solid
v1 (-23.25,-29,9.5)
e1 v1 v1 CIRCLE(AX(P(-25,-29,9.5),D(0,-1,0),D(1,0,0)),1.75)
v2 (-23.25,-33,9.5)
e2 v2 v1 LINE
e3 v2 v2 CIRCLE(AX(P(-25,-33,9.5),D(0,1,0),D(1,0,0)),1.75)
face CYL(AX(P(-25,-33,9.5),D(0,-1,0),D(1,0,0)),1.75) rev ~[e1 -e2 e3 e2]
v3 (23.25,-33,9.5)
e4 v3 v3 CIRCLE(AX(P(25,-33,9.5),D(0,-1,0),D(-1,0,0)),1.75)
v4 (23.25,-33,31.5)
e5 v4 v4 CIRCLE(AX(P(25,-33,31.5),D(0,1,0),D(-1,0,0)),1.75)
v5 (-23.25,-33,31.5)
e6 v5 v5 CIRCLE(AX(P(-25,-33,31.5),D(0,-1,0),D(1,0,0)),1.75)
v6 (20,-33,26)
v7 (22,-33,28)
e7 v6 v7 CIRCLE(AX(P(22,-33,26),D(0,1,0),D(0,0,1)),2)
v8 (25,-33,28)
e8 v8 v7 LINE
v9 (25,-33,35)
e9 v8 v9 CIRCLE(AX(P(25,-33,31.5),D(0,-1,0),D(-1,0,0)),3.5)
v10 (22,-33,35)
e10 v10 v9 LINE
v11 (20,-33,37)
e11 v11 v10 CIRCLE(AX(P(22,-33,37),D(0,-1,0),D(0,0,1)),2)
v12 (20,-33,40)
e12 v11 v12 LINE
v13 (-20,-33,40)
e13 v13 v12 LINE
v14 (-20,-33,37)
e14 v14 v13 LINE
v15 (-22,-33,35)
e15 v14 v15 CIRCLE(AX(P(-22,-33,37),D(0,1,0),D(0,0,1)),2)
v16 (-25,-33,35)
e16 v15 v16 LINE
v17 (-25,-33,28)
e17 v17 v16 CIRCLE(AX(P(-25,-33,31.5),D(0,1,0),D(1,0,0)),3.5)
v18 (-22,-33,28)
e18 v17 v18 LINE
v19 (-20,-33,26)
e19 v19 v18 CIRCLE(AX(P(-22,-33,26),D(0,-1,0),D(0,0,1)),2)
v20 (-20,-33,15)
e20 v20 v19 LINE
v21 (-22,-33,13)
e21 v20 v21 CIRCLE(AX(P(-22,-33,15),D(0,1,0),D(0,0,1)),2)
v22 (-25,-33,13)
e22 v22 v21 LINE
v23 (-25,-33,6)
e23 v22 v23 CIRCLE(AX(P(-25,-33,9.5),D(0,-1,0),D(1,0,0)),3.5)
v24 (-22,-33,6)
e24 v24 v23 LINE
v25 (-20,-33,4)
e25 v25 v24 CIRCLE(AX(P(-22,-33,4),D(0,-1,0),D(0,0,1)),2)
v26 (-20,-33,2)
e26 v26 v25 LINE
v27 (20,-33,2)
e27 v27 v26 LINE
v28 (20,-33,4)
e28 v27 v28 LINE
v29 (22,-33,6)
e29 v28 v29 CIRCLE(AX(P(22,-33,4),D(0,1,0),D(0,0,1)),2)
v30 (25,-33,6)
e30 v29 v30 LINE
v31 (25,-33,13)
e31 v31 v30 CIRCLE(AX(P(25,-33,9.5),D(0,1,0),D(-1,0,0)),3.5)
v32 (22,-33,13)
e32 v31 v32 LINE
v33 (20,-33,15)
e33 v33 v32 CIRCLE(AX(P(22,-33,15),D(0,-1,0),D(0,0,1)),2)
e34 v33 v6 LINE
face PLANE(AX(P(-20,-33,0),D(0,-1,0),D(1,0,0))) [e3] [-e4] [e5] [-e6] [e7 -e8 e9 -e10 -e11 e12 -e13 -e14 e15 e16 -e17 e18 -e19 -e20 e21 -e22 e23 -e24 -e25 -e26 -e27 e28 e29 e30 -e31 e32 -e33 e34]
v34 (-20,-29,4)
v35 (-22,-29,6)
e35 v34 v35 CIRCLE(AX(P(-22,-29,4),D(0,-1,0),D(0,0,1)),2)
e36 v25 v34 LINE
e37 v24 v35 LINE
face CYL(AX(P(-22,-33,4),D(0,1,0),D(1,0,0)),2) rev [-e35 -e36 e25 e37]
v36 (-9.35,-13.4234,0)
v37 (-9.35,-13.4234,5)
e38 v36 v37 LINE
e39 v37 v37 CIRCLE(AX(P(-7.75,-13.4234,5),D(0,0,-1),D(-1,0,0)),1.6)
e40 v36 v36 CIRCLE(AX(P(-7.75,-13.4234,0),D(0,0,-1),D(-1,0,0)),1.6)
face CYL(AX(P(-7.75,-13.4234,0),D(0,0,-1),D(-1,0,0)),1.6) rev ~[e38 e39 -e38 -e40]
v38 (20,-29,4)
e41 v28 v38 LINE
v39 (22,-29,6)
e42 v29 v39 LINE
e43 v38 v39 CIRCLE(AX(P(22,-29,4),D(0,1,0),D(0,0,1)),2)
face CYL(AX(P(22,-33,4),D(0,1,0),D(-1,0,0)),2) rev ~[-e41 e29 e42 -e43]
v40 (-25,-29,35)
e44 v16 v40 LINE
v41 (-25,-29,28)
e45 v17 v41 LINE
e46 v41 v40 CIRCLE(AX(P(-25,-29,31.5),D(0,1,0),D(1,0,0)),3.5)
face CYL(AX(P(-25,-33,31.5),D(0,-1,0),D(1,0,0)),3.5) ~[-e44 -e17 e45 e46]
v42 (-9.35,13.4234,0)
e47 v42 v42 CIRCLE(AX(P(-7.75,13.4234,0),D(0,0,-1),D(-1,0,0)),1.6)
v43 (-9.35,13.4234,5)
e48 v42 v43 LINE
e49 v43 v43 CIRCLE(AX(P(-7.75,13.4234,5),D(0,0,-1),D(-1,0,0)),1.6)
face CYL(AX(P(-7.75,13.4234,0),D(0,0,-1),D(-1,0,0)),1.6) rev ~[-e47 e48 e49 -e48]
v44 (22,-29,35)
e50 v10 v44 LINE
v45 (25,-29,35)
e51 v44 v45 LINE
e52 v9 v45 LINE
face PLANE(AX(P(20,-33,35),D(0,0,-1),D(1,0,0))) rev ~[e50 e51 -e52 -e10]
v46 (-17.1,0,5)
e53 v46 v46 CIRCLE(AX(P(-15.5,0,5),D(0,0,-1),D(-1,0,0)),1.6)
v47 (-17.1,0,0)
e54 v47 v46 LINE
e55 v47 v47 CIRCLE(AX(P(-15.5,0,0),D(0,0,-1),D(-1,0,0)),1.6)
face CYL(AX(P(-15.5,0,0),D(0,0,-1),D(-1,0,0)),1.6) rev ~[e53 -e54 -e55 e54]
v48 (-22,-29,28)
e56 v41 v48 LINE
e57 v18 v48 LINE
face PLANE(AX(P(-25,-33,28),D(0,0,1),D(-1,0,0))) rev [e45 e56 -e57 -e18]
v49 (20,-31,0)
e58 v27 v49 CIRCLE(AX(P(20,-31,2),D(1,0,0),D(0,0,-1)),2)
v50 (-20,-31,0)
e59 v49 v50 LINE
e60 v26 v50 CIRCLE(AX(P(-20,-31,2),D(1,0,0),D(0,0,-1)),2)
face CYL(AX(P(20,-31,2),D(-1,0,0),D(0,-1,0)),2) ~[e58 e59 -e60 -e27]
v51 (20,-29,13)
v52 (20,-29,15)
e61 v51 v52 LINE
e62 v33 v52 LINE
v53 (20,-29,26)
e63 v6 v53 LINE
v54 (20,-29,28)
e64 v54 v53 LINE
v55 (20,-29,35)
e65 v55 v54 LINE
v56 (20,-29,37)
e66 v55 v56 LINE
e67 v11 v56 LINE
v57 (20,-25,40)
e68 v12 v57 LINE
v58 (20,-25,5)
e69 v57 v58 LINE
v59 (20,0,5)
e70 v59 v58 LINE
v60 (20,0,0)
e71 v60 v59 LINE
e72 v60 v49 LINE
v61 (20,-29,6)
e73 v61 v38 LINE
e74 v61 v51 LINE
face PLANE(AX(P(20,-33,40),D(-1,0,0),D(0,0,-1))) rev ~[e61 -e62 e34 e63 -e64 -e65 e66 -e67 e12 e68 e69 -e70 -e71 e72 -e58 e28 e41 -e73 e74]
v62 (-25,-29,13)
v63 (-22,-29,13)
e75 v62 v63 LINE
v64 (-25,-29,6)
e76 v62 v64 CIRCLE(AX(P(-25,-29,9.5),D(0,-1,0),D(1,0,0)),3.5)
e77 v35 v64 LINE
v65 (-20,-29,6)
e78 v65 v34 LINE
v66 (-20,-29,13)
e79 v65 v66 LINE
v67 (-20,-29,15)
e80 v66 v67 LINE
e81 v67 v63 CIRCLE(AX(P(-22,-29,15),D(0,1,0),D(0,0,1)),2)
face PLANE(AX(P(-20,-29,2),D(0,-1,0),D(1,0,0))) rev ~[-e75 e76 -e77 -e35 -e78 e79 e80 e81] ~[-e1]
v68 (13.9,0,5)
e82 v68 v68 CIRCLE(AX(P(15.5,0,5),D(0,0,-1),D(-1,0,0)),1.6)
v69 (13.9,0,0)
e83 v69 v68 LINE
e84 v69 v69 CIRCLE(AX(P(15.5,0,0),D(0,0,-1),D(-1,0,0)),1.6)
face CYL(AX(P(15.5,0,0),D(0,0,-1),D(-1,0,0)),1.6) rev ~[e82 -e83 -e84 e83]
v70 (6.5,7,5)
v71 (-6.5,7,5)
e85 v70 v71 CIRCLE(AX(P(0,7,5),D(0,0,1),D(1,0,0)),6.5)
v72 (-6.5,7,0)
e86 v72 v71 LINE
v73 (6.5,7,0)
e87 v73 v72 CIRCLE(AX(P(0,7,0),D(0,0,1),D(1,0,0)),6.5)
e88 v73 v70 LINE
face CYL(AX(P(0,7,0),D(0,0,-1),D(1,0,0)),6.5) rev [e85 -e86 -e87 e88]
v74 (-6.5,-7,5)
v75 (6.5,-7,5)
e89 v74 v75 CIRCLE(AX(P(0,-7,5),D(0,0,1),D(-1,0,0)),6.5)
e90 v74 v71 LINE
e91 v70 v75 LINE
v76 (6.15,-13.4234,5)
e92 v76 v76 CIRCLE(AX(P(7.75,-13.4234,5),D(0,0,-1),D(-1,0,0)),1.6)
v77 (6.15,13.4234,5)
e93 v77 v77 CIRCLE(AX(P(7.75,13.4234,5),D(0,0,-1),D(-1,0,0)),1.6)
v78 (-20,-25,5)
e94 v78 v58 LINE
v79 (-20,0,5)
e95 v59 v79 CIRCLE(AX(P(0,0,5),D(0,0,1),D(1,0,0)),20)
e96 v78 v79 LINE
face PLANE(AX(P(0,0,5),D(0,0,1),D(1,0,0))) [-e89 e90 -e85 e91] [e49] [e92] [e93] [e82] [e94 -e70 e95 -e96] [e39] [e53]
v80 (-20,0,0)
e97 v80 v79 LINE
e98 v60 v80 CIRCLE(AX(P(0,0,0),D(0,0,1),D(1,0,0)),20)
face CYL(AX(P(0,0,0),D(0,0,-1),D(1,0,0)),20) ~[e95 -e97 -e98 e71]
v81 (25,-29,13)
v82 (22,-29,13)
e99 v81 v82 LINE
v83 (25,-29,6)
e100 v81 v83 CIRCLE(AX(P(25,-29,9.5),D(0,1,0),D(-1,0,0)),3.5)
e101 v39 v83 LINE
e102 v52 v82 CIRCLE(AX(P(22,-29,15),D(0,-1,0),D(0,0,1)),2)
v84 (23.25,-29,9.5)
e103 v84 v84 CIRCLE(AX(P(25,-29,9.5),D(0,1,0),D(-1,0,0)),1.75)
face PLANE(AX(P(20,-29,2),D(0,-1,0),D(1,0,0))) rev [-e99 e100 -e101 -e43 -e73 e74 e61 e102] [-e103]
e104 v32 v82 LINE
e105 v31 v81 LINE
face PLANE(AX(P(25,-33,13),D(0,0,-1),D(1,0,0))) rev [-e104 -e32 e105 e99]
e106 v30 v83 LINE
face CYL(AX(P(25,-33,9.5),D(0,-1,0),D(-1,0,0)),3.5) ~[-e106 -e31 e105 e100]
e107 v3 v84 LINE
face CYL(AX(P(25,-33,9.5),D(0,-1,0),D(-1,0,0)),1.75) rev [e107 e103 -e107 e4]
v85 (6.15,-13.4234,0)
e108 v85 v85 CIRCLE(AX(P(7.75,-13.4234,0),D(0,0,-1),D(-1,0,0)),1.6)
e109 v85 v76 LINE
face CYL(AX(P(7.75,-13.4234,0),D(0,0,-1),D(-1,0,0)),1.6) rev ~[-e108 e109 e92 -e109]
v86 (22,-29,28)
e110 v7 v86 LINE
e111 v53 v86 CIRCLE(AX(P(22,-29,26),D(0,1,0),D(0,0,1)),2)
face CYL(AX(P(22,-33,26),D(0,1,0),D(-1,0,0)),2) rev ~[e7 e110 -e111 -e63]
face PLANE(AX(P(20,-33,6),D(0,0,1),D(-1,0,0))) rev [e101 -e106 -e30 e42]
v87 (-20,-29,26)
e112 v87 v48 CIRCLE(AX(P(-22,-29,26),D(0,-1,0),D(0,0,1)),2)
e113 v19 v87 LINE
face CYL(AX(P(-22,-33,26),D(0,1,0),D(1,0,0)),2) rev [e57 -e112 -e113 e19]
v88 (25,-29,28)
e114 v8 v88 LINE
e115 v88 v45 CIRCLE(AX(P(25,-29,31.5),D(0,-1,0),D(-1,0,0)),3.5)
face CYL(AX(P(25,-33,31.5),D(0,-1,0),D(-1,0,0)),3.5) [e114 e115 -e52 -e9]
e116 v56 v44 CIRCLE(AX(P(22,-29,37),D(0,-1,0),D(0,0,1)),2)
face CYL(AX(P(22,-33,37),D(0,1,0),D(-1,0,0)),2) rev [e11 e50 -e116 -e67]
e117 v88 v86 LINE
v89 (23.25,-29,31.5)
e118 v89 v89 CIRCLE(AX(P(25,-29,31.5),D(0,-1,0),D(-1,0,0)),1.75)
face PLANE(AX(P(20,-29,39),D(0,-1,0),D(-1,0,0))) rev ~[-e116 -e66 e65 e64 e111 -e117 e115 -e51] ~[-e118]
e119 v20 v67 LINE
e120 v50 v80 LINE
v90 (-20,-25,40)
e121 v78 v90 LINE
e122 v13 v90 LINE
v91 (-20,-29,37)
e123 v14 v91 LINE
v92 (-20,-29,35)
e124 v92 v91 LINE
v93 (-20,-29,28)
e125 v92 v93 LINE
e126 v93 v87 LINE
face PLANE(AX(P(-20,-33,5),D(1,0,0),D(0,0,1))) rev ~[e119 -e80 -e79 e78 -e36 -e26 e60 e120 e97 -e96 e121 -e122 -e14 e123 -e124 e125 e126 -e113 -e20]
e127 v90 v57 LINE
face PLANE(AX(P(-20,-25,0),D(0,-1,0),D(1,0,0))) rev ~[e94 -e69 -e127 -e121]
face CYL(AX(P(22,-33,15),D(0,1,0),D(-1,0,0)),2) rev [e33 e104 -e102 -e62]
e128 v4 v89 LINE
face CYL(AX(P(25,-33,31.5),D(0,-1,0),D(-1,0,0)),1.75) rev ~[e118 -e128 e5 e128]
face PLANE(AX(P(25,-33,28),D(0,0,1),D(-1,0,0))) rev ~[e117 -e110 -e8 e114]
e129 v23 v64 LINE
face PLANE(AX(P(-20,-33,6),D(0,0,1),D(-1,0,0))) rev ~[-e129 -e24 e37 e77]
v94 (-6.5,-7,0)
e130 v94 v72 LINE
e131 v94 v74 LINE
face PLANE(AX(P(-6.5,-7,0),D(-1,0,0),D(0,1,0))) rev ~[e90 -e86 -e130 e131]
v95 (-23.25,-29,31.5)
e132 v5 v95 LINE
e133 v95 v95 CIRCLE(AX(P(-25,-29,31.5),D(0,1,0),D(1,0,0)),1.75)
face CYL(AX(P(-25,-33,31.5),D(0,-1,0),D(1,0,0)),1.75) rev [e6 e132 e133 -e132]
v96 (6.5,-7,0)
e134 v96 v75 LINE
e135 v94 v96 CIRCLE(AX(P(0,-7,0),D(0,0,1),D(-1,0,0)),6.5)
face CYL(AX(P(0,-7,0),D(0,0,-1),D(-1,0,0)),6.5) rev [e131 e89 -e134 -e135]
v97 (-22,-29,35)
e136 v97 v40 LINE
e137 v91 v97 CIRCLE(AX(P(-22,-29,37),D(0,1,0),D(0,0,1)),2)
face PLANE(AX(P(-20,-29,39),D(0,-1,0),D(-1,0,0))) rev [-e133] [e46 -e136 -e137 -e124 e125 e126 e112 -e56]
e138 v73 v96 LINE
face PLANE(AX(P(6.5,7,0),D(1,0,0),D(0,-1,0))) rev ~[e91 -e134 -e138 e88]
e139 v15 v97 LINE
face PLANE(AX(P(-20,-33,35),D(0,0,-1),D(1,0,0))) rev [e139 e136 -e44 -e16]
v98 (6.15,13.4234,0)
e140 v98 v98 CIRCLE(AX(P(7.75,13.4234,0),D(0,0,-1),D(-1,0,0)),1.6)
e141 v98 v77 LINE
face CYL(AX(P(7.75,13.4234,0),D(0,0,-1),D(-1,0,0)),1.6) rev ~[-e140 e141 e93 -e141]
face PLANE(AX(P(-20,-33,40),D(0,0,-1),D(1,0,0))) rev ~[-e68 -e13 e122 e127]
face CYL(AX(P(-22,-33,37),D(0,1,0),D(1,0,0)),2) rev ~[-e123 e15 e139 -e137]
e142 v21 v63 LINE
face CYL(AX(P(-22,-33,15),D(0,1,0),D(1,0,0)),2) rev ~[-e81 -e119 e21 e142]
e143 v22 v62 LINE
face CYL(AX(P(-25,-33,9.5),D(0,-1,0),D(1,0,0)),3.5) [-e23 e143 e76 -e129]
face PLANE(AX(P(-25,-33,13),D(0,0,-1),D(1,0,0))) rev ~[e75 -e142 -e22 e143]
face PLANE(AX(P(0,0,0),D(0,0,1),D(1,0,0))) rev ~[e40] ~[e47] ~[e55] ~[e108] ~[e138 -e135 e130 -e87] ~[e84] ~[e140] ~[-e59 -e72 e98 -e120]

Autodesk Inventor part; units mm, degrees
ref_plane "YZ Plane" through (0, 0, 0) normal (1, 0, 0) x (0, 1, 0)
ref_plane "XZ Plane" through (0, 0, 0) normal (0, 1, 0) x (-1, 0, 0)
sketch "Sketch1" plane through (0, 0, 0) normal (0, 0, 1) x (1, 0, 0)
  circle A0 centre (0, 0) radius 20
  circle A1 centre (0, 15.55) radius 1.6
  line L0 (-20, 0) -> (20, 0) construction
  line L1 (20, 0) -> (20, -33)
  line L2 (20, -33) -> (-20, -33)
  line L3 (-20, -33) -> (-20, 0)
  circle A2 centre (-13.4667, 7.775) radius 1.6
  circle A3 centre (-13.4667, -7.775) radius 1.6
  circle A4 centre (0, -15.55) radius 1.6
  circle A5 centre (13.4667, -7.775) radius 1.6
  circle A6 centre (13.4667, 7.775) radius 1.6
  line L4 (0, -7) -> (0, 7) construction
  line L5 (-6.5, -7) -> (-6.5, 7)
  line L6 (6.5, 7) -> (6.5, -7)
  arc A7 (-6.5, -7) -> (6.5, -7) centre (0, -7) ccw
  arc A8 (6.5, 7) -> (-6.5, 7) centre (0, 7) ccw
  dimension "d0" = 40
  dimension "d1" = 15.55
  dimension "d3" = 33
  dimension "d6" = 360
  dimension "d8" = 6.5
  dimension "d9" = 14
extrude "Extrusion1" add sketch "Sketch1" along normal blind 5 contours A0 | L1 L2 L3 A0 | A1 | A2 | A3 | A4 | A5 | A6
sketch "Sketch2" plane through (0, 0, 0) normal (0, 0, -1) x (-1, 0, 0)
  line L0 (20, 0) -> (20, -33) projected
  arc A0 (20, 0) -> (-20, 0) centre (0, 0) ccw projected
  line L1 (-20, -33) -> (-20, 0) projected
  line L2 (20, -33) -> (-20, -33) projected
  line L3 (-6.5, 7) -> (-6.5, -7) projected
  arc A1 (6.5, 7) -> (-6.5, 7) centre (0, 7) ccw projected
  line L4 (6.5, -7) -> (6.5, 7) projected
  arc A2 (-6.5, -7) -> (6.5, -7) centre (0, -7) ccw projected
  circle A3 centre (0, 0) radius 15.5 construction
  circle A4 centre (-7.75, 13.4234) radius 1.6
  line L5 (0, 0) -> (-7.75, 13.4234) construction
  line L6 (0, 0) -> (0, 15.5) construction
  circle A5 centre (-15.5, 0) radius 1.6
  circle A6 centre (-7.75, -13.4234) radius 1.6
  circle A7 centre (7.75, -13.4234) radius 1.6
  circle A8 centre (15.5, 0) radius 1.6
  circle A9 centre (7.75, 13.4234) radius 1.6
  dimension "d12" = 31
  dimension "d13" = 3.2
  dimension "d14" = 30
  dimension "d17" = 360
extrude "Extrusion2" cut sketch "Sketch2" against normal blind 5 contours A4 | A5 | A6 | A7 | A8 | A9
sketch "Sketch3" plane through (-20, -33, 0) normal (0, -1, 0) x (1, 0, 0)
  line L0 (0, 0) -> (40, 0) projected
  line L1 (40, 0) -> (40, 5) projected
  line L2 (0, 5) -> (40, 5) projected
  line L3 (0, 0) -> (0, 5) projected
  line L4 (40, 0) -> (40, 5) projected
  line L5 (40, 5) -> (0, 5)
  line L6 (0, 5) -> (0, 40)
  line L7 (0, 40) -> (40, 40)
  line L8 (40, 40) -> (40, 5)
  point P0 (20, 0)
  dimension "d21" = 40
extrude "Extrusion3" add sketch "Sketch3" against normal blind 8 contours L6 L7 L8 L2
fillet "Fillet1" radius 2 1 edges at (0, -33, 0)
sketch "Sketch4" plane through (-20, -33, 2) normal (0, -1, 0) x (1, 0, 0)
  line L0 (40, 38) -> (0, 38) projected
  line L1 (0, 0) -> (0, 38) projected
  line L2 (40, 0) -> (0, 0) projected
  line L3 (40, 0) -> (40, 38) projected
  line L4 (5, 4) -> (-5, 4)
  line L5 (-5, 4) -> (-5, 11)
  line L6 (-5, 11) -> (5, 11)
  line L7 (5, 11) -> (5, 4)
  line L8 (5, 4) -> (-5, 11) construction
  line L9 (-5, 4) -> (5, 11) construction
  circle A0 centre (-5, 7.5) radius 3.5
  circle A1 centre (-5, 7.5) radius 1.75
  point P0 (20, -2)
  point P1 (0, 7.5)
  point P2 (0, 4)
  point P3 (0, 11)
  point P4 (-5, 11)
  dimension "d26" = 7
  dimension "d27" = 5
  dimension "d28" = 4
  dimension "d29" = 3.5
extrude "Extrusion4" add sketch "Sketch4" against normal blind 4 contours L1 L4 A0 L6 | A0 L5 A1 | L5 A1 A0
ref_plane "Work Plane1" through (0, 0, 22.5) normal (0, 0, 1) x (1, 0, 0)
ref_plane "Work Plane2" through (0, 0, 20.5) normal (0, 0, 1) x (1, 0, 0)
mirror "Mirror2" about plane through (0, 0, 0) normal (1, 0, 0) of "Extrusion4"
mirror "Mirror3" about plane through (0, 0, 20.5) normal (0, 0, 1) of "Extrusion4", "Mirror2"
fillet "Fillet4" radius 2 8 edges at (20, -31, 6) (20, -31, 28) (-20, -31, 6) (-20, -31, 13) (-20, -31, 28) (-20, -31, 35) (20, -31, 35) (20, -31, 13)
properties part number "08_Ga_dong_co" material "Polyethylene, High Density"
